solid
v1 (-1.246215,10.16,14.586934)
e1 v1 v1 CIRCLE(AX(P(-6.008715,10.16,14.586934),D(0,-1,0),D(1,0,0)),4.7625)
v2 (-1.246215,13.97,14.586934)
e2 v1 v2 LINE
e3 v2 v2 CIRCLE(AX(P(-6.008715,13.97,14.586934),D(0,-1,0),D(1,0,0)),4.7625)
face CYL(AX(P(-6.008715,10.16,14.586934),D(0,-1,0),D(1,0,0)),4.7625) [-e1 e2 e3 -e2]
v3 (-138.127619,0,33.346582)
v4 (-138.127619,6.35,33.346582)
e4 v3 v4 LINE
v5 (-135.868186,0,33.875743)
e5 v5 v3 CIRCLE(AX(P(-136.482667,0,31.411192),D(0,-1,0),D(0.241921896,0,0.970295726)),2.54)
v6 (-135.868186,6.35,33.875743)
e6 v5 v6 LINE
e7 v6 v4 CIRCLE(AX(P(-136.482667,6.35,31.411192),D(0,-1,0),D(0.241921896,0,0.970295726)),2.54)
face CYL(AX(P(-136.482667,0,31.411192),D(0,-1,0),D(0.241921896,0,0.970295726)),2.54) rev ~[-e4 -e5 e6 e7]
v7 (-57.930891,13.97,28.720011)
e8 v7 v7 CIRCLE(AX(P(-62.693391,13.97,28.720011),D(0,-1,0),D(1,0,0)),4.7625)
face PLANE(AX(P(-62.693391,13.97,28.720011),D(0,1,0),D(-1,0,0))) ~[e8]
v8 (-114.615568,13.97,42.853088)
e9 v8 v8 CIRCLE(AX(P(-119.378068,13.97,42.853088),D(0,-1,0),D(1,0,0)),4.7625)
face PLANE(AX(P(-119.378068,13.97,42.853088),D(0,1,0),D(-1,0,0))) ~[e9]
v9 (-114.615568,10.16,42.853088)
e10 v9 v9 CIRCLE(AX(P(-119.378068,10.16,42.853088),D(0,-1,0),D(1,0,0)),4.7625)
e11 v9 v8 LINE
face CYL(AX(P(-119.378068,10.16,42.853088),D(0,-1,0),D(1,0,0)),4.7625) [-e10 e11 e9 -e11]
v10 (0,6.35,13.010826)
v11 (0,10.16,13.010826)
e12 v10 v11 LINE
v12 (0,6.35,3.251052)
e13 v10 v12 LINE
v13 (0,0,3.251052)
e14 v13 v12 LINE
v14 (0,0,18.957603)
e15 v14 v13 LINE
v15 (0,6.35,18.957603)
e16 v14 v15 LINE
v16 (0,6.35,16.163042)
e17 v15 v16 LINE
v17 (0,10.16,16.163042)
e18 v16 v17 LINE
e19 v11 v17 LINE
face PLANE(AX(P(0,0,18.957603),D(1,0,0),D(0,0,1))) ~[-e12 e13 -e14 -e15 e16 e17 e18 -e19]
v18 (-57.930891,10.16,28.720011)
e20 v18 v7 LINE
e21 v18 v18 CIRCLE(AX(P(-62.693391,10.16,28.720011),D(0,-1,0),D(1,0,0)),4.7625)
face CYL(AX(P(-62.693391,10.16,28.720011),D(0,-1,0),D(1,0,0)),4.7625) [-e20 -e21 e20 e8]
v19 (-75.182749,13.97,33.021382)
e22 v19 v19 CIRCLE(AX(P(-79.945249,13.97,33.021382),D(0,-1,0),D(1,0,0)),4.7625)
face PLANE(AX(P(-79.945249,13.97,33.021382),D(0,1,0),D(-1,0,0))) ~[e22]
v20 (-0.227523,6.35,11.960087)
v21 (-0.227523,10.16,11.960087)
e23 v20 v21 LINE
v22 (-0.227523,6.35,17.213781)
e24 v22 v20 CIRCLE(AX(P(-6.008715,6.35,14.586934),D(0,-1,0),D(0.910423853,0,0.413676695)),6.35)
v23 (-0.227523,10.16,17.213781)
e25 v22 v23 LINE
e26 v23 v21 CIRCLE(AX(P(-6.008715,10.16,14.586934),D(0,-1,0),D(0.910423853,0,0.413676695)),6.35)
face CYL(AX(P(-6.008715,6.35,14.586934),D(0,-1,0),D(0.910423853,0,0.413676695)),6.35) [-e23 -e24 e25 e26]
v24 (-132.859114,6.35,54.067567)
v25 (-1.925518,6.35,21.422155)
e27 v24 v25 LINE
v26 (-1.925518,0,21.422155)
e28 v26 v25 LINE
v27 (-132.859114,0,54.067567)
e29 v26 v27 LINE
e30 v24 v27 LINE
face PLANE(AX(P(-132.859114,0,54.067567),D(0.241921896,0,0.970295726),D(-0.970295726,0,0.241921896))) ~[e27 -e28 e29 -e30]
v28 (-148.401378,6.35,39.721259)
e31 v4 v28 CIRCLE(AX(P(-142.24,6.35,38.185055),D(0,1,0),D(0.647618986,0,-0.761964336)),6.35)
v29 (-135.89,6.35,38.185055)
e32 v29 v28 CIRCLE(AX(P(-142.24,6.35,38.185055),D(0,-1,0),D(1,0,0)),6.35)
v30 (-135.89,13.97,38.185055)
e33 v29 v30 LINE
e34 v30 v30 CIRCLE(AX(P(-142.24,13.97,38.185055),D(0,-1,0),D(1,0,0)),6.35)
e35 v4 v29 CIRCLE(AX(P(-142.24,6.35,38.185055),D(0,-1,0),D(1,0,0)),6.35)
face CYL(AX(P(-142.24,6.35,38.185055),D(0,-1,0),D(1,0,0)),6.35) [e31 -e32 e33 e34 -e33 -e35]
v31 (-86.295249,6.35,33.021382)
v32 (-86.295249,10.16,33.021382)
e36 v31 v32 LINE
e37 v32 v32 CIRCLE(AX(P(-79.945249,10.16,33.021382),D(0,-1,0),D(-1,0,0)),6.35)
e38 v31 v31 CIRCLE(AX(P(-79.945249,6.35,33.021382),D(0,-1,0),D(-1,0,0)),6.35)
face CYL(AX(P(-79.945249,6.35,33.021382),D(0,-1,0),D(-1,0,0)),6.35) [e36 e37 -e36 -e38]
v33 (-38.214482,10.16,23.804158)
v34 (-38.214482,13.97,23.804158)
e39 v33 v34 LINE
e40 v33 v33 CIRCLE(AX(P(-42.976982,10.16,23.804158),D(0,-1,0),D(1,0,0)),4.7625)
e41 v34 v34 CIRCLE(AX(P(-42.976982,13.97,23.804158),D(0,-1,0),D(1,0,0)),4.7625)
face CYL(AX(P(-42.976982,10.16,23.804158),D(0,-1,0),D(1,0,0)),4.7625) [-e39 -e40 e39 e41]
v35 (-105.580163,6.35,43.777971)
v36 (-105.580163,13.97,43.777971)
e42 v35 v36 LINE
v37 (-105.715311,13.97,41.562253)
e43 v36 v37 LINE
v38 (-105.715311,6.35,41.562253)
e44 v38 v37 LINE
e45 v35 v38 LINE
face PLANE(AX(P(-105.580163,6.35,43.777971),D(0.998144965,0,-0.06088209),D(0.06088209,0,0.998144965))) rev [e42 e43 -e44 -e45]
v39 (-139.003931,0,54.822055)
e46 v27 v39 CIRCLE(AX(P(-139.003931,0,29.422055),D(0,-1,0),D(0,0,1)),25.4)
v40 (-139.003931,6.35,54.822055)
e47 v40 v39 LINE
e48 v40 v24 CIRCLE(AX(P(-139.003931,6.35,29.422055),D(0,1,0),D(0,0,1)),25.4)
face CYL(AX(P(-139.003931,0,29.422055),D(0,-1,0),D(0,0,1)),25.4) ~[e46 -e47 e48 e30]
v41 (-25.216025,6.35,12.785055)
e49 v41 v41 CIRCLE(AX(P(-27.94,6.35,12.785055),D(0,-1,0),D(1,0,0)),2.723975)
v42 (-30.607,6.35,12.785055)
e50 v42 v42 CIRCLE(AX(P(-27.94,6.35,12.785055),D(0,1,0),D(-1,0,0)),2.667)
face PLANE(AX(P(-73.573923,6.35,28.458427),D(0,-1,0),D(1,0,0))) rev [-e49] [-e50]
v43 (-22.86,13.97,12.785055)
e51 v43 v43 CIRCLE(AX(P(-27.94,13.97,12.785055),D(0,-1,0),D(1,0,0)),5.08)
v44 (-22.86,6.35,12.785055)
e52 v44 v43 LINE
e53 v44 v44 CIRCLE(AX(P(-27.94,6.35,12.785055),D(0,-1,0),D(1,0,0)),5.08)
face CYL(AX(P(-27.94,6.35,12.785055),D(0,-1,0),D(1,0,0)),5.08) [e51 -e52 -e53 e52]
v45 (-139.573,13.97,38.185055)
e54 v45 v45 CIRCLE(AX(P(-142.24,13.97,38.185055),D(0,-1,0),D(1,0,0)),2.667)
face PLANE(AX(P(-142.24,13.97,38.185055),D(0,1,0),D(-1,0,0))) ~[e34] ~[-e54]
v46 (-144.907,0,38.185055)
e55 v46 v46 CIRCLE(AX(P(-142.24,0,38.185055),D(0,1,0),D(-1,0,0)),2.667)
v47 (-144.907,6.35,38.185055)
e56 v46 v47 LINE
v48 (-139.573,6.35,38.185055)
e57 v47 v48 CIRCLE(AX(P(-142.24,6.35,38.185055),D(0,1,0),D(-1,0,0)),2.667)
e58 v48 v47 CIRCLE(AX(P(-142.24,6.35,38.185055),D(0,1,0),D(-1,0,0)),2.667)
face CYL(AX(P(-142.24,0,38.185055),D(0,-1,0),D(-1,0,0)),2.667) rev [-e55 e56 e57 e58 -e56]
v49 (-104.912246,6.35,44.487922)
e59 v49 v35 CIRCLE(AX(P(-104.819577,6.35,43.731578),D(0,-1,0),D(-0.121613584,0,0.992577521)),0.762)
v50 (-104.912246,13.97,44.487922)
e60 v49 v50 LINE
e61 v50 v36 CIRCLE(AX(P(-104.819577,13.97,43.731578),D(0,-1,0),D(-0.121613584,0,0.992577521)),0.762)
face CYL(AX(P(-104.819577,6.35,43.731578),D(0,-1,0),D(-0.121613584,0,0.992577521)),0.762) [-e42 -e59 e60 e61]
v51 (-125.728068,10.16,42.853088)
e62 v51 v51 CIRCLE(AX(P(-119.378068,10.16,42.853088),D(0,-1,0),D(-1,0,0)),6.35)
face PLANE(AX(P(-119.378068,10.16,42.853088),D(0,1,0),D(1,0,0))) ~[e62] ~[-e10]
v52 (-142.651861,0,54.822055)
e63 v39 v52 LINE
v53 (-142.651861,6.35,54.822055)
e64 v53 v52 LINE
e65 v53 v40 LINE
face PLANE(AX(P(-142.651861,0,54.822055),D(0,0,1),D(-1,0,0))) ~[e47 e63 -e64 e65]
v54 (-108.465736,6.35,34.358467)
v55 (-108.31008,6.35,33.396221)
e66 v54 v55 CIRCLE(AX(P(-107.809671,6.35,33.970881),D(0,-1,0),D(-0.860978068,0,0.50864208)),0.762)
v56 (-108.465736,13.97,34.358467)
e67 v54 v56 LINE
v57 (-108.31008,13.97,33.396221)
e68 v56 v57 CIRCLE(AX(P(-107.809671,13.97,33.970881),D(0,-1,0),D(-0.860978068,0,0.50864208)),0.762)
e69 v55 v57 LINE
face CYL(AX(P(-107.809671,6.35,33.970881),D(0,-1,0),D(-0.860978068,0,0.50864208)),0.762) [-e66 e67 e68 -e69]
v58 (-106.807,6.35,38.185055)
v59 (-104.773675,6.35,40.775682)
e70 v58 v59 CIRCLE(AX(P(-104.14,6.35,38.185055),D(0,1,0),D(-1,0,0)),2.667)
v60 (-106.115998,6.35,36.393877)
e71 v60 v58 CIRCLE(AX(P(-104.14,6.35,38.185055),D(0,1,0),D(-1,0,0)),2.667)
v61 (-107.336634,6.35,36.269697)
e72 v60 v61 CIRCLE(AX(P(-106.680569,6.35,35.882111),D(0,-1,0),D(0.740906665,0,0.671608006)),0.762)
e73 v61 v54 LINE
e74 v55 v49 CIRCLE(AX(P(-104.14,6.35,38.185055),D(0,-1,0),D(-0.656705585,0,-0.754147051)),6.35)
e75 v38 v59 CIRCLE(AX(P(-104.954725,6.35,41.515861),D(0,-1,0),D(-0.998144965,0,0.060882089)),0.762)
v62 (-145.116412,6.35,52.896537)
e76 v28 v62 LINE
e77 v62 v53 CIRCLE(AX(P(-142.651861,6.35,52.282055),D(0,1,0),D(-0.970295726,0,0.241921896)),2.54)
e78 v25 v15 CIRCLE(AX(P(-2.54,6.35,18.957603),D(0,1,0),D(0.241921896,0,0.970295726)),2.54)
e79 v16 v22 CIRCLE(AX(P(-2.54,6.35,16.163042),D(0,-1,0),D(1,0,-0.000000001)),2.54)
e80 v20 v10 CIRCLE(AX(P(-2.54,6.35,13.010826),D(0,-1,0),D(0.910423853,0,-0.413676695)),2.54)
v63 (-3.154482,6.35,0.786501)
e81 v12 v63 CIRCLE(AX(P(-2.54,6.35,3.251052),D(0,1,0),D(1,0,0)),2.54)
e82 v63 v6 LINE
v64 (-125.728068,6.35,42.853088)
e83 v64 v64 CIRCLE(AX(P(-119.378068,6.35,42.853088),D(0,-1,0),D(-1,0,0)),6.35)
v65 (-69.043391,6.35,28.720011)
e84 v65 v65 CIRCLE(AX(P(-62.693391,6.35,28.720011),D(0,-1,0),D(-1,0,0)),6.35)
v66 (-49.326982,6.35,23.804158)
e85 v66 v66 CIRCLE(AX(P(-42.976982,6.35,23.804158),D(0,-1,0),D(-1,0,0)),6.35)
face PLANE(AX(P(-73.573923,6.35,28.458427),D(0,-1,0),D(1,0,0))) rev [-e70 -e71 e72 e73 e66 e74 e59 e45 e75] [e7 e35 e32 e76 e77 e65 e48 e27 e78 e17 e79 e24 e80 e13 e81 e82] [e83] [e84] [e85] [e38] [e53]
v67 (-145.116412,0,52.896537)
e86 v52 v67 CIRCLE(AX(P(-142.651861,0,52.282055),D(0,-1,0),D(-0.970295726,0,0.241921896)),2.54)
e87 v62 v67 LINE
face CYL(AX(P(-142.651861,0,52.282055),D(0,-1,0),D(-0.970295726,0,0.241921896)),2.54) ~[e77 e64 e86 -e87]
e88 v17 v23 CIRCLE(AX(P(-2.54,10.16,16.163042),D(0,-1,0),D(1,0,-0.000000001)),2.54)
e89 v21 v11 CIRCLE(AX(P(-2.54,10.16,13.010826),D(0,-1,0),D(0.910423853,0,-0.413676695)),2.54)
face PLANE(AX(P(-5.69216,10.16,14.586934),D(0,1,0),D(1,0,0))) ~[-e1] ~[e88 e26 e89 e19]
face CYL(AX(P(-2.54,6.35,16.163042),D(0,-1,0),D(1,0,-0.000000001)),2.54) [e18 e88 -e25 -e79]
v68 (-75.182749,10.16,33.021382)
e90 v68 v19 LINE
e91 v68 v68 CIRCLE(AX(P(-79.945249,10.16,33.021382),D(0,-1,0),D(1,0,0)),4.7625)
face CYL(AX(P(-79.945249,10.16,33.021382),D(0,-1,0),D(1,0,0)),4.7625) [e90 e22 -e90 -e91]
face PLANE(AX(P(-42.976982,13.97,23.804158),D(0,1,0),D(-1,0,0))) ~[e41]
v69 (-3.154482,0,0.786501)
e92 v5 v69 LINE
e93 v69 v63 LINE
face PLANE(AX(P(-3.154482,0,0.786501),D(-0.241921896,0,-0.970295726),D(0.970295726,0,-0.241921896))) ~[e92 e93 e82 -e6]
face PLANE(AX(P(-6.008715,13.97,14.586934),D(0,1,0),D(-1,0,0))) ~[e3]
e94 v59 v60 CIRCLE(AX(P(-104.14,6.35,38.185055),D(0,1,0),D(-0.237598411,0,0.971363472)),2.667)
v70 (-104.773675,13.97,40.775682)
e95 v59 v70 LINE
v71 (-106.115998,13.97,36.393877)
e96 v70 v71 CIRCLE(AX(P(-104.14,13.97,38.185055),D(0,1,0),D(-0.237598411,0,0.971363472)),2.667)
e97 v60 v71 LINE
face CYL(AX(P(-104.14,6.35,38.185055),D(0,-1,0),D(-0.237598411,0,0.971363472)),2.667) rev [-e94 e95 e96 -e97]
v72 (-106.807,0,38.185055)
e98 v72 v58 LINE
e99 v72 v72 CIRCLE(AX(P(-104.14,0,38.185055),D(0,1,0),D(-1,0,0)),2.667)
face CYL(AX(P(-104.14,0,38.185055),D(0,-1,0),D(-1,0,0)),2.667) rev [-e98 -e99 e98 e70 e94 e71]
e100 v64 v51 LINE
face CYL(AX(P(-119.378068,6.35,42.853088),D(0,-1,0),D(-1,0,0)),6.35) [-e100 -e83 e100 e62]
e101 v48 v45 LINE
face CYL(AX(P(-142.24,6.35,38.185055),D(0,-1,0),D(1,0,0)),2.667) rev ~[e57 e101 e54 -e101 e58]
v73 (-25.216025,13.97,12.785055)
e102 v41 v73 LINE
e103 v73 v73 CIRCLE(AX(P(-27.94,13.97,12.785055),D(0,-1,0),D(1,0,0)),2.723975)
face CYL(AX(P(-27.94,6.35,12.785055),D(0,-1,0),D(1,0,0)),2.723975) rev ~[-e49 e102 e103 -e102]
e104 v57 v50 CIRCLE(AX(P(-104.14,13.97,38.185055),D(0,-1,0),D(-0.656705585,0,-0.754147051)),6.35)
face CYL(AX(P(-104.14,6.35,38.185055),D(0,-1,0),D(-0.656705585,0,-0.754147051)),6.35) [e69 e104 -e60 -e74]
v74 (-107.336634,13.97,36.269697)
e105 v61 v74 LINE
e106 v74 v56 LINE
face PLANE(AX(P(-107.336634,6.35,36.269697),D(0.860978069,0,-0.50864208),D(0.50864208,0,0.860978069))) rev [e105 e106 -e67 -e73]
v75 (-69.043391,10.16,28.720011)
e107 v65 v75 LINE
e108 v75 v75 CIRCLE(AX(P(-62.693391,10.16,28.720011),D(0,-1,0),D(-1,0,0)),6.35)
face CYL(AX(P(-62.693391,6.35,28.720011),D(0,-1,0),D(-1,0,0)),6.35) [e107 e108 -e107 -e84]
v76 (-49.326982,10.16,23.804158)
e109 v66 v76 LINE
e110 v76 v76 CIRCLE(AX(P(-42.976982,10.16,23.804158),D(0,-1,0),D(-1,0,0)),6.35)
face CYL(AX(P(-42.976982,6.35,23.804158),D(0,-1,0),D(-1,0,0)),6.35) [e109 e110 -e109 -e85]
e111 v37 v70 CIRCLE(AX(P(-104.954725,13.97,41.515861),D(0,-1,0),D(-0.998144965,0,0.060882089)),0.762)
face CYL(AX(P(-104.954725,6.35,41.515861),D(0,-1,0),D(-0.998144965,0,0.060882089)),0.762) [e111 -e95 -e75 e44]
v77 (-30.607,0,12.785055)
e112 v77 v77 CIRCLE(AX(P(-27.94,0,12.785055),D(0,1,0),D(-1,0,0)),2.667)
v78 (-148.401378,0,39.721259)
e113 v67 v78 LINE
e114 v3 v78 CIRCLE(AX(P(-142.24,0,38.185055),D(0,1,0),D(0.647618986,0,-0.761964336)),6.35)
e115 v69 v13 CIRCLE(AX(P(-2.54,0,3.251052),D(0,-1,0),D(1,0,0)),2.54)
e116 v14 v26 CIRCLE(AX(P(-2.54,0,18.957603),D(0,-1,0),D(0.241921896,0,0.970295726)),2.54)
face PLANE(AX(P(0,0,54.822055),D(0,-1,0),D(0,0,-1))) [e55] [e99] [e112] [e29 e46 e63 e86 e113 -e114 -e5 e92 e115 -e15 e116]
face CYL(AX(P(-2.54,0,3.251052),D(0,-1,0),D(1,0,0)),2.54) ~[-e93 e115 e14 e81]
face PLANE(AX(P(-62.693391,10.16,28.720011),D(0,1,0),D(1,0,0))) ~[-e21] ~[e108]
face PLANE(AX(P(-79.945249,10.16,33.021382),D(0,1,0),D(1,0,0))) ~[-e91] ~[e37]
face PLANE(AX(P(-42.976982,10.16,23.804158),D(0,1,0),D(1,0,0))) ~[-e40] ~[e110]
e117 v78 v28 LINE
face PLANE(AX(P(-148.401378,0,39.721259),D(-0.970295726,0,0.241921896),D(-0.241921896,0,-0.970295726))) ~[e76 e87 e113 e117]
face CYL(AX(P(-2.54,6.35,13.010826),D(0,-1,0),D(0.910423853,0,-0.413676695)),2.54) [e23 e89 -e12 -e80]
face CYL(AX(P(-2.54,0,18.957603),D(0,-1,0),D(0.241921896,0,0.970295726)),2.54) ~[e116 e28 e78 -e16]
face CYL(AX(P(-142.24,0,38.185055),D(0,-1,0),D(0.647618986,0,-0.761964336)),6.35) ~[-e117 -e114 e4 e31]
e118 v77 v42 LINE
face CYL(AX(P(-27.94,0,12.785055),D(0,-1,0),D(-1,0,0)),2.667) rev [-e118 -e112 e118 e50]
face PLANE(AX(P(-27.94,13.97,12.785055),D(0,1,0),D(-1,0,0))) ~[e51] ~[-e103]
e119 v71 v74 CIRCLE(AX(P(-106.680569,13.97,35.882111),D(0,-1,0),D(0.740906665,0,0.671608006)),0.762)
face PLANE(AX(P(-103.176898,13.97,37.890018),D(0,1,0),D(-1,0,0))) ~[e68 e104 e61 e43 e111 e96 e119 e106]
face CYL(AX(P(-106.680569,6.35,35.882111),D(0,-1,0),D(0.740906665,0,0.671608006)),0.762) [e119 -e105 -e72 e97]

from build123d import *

# Parameters (mm, degrees)
SKETCH1_R               = 2.667
BOSS_EXTRUDE1_DEPTH     = 6.35
SKETCH3_R               = 6.35
BOSS_EXTRUDE2_DEPTH     = 3.81
SKETCH4_R               = 4.7625
BOSS_EXTRUDE3_DEPTH     = 3.81
SKETCH5_R               = 6.35
SKETCH5_R_2             = 2.667
SKETCH5_R_3             = 5.08
SKETCH5_R_4             = 2.723974981
BOSS_EXTRUDE4_DEPTH     = 7.62
SKETCH6_W               = 54.822055163
SKETCH6_H               = 25.4
CUT_EXTRUDE2_DEPTH      = 10.414
CUT_EXTRUDE2_DEPTH_BACK = 156.972


with BuildPart() as part:
    # Sketch1 → Boss-Extrude1 (new body)
    with BuildSketch(Plane(origin=(0, 0, 0), x_dir=(-1, 0, 0), z_dir=(0, 1, 0))):
        with BuildLine():
            Line((132.859114436, 54.06756661), (1.925518385, 21.422154602))
            ThreePointArc((1.925518385, 21.422154602), (0.538452686, 20.521383604), (0, 18.957603457))
            Line((0, 18.957603457), (0, 3.251051746))
            ThreePointArc((0, 3.251051746), (0.976219853, 1.249504432), (3.154481615, 0.786500601))
            Line((3.154481615, 0.786500601), (135.868185597, 33.875743365))
            ThreePointArc((135.868185597, 33.875743365), (137.061865325, 33.884273203), (138.127619437, 33.346581632))
            ThreePointArc((138.127619437, 33.346581632), (145.587943549, 32.789337046), (148.401377862, 39.7212592))
            Line((148.401377862, 39.7212592), (145.116412217, 52.896536778))
            ThreePointArc((145.116412217, 52.896536778), (144.215641219, 54.283602477), (142.651861072, 54.822055163))
            Line((142.651861072, 54.822055163), (139.003930584, 54.822055163))
            ThreePointArc((139.003930584, 54.822055163), (135.908449262, 54.632727415), (132.859114436, 54.06756661))
        make_face()
        with Locations((142.24, 38.185055163)):
            Circle(SKETCH1_R, mode=Mode.SUBTRACT)
        with Locations((27.94, 12.785055202)):
            Circle(SKETCH1_R, mode=Mode.SUBTRACT)
        with Locations((104.14, 38.185055202)):
            Circle(SKETCH1_R, mode=Mode.SUBTRACT)
    boss_extrude1 = extrude(amount=-BOSS_EXTRUDE1_DEPTH)

    # Sketch3 → Boss-Extrude2 (add)
    with BuildSketch(Plane(origin=(0, -6.35, 0), x_dir=(-1, 0, 0), z_dir=(0, -1, 0))):
        with Locations((42.976982051, -23.804158196)):
            Circle(SKETCH3_R)
        with Locations((79.945249222, -33.021382418)):
            Circle(SKETCH3_R)
        with Locations((119.378067538, -42.853088255)):
            Circle(SKETCH3_R)
        with Locations((62.693391209, -28.720011114)):
            Circle(SKETCH3_R)
        with BuildLine():
            Line((0, -13.010825767), (0, -16.16304218))
            ThreePointArc((0, -16.16304218), (0.057532424, -16.700587281), (0.227523413, -17.213780985))
            ThreePointArc((0.227523413, -17.213780985), (12.35871488, -14.586933973), (0.227523413, -11.960086962))
            ThreePointArc((0.227523413, -11.960086962), (0.057532424, -12.473280666), (0, -13.010825767))
        make_face()
    boss_extrude2 = extrude(amount=BOSS_EXTRUDE2_DEPTH)

    # Sketch4 → Boss-Extrude3 (add)
    with BuildSketch(Plane.XZ.offset(10.16)):
        with Locations((-6.00871488, 14.586933973)):
            Circle(SKETCH4_R)
        with Locations((-42.976982051, 23.804158196)):
            Circle(SKETCH4_R)
        with Locations((-62.693391209, 28.720011114)):
            Circle(SKETCH4_R)
        with Locations((-79.945249222, 33.021382418)):
            Circle(SKETCH4_R)
        with Locations((-119.378067538, 42.853088255)):
            Circle(SKETCH4_R)
    boss_extrude3 = extrude(amount=BOSS_EXTRUDE3_DEPTH)

    # Sketch5 → Boss-Extrude4 (add)
    with BuildSketch(Plane.XZ.offset(6.35)):
        with Locations((-142.24, 38.185055163)):
            Circle(SKETCH5_R)
        with Locations((-142.24, 38.185055163)):
            Circle(SKETCH5_R_2, mode=Mode.SUBTRACT)
        with Locations((-27.94, 12.785055202)):
            Circle(SKETCH5_R_3)
        with Locations((-27.94, 12.785055202)):
            Circle(SKETCH5_R_4, mode=Mode.SUBTRACT)
        with BuildLine():
            Line((-105.580163175, 43.777970545), (-105.715311414, 41.562252701))
            ThreePointArc((-105.715311414, 41.562252701), (-105.443232026, 40.931048752), (-104.773674962, 40.775681582))
            ThreePointArc((-104.773674962, 40.775681582), (-101.589970205, 37.403878498), (-106.115998075, 36.393876649))
            ThreePointArc((-106.115998075, 36.393876649), (-106.757692083, 36.64019843), (-107.336634242, 36.269696613))
            Line((-107.336634242, 36.269696613), (-108.465736097, 34.358466745))
            ThreePointArc((-108.465736097, 34.358466745), (-108.561892576, 33.849199875), (-108.310080465, 33.396221428))
            ThreePointArc((-108.310080465, 33.396221428), (-98.068500487, 36.325110669), (-104.912246263, 44.487922463))
            ThreePointArc((-104.912246263, 44.487922463), (-105.374571656, 44.25371306), (-105.580163175, 43.777970545))
        make_face()
    boss_extrude4 = extrude(amount=BOSS_EXTRUDE4_DEPTH)

    # Mirror6: Boss-Extrude1, Boss-Extrude2, Boss-Extrude3, Boss-Extrude4 across plane
    add(boss_extrude1.mirror(Plane(origin=(-139.003930584, 0, 29.422055163), x_dir=(0, 0, 1), z_dir=(0, -1, 0))))
    add(boss_extrude2.mirror(Plane(origin=(-139.003930584, 0, 29.422055163), x_dir=(0, 0, 1), z_dir=(0, -1, 0))))
    add(boss_extrude3.mirror(Plane(origin=(-139.003930584, 0, 29.422055163), x_dir=(0, 0, 1), z_dir=(0, -1, 0))))
    add(boss_extrude4.mirror(Plane(origin=(-139.003930584, 0, 29.422055163), x_dir=(0, 0, 1), z_dir=(0, -1, 0))))

    # Sketch6 → Cut-Extrude2 (cut, two sides)
    with BuildSketch(Plane(origin=(0, 0, 0), x_dir=(0, 0, -1), z_dir=(1, 0, 0))) as cut_extrude2_sk:
        with Locations((-27.411027582, -12.7)):
            Rectangle(SKETCH6_W, SKETCH6_H)
    extrude(amount=CUT_EXTRUDE2_DEPTH, mode=Mode.SUBTRACT)
    extrude(cut_extrude2_sk.sketch, amount=-CUT_EXTRUDE2_DEPTH_BACK, mode=Mode.SUBTRACT)


solid = part.part
